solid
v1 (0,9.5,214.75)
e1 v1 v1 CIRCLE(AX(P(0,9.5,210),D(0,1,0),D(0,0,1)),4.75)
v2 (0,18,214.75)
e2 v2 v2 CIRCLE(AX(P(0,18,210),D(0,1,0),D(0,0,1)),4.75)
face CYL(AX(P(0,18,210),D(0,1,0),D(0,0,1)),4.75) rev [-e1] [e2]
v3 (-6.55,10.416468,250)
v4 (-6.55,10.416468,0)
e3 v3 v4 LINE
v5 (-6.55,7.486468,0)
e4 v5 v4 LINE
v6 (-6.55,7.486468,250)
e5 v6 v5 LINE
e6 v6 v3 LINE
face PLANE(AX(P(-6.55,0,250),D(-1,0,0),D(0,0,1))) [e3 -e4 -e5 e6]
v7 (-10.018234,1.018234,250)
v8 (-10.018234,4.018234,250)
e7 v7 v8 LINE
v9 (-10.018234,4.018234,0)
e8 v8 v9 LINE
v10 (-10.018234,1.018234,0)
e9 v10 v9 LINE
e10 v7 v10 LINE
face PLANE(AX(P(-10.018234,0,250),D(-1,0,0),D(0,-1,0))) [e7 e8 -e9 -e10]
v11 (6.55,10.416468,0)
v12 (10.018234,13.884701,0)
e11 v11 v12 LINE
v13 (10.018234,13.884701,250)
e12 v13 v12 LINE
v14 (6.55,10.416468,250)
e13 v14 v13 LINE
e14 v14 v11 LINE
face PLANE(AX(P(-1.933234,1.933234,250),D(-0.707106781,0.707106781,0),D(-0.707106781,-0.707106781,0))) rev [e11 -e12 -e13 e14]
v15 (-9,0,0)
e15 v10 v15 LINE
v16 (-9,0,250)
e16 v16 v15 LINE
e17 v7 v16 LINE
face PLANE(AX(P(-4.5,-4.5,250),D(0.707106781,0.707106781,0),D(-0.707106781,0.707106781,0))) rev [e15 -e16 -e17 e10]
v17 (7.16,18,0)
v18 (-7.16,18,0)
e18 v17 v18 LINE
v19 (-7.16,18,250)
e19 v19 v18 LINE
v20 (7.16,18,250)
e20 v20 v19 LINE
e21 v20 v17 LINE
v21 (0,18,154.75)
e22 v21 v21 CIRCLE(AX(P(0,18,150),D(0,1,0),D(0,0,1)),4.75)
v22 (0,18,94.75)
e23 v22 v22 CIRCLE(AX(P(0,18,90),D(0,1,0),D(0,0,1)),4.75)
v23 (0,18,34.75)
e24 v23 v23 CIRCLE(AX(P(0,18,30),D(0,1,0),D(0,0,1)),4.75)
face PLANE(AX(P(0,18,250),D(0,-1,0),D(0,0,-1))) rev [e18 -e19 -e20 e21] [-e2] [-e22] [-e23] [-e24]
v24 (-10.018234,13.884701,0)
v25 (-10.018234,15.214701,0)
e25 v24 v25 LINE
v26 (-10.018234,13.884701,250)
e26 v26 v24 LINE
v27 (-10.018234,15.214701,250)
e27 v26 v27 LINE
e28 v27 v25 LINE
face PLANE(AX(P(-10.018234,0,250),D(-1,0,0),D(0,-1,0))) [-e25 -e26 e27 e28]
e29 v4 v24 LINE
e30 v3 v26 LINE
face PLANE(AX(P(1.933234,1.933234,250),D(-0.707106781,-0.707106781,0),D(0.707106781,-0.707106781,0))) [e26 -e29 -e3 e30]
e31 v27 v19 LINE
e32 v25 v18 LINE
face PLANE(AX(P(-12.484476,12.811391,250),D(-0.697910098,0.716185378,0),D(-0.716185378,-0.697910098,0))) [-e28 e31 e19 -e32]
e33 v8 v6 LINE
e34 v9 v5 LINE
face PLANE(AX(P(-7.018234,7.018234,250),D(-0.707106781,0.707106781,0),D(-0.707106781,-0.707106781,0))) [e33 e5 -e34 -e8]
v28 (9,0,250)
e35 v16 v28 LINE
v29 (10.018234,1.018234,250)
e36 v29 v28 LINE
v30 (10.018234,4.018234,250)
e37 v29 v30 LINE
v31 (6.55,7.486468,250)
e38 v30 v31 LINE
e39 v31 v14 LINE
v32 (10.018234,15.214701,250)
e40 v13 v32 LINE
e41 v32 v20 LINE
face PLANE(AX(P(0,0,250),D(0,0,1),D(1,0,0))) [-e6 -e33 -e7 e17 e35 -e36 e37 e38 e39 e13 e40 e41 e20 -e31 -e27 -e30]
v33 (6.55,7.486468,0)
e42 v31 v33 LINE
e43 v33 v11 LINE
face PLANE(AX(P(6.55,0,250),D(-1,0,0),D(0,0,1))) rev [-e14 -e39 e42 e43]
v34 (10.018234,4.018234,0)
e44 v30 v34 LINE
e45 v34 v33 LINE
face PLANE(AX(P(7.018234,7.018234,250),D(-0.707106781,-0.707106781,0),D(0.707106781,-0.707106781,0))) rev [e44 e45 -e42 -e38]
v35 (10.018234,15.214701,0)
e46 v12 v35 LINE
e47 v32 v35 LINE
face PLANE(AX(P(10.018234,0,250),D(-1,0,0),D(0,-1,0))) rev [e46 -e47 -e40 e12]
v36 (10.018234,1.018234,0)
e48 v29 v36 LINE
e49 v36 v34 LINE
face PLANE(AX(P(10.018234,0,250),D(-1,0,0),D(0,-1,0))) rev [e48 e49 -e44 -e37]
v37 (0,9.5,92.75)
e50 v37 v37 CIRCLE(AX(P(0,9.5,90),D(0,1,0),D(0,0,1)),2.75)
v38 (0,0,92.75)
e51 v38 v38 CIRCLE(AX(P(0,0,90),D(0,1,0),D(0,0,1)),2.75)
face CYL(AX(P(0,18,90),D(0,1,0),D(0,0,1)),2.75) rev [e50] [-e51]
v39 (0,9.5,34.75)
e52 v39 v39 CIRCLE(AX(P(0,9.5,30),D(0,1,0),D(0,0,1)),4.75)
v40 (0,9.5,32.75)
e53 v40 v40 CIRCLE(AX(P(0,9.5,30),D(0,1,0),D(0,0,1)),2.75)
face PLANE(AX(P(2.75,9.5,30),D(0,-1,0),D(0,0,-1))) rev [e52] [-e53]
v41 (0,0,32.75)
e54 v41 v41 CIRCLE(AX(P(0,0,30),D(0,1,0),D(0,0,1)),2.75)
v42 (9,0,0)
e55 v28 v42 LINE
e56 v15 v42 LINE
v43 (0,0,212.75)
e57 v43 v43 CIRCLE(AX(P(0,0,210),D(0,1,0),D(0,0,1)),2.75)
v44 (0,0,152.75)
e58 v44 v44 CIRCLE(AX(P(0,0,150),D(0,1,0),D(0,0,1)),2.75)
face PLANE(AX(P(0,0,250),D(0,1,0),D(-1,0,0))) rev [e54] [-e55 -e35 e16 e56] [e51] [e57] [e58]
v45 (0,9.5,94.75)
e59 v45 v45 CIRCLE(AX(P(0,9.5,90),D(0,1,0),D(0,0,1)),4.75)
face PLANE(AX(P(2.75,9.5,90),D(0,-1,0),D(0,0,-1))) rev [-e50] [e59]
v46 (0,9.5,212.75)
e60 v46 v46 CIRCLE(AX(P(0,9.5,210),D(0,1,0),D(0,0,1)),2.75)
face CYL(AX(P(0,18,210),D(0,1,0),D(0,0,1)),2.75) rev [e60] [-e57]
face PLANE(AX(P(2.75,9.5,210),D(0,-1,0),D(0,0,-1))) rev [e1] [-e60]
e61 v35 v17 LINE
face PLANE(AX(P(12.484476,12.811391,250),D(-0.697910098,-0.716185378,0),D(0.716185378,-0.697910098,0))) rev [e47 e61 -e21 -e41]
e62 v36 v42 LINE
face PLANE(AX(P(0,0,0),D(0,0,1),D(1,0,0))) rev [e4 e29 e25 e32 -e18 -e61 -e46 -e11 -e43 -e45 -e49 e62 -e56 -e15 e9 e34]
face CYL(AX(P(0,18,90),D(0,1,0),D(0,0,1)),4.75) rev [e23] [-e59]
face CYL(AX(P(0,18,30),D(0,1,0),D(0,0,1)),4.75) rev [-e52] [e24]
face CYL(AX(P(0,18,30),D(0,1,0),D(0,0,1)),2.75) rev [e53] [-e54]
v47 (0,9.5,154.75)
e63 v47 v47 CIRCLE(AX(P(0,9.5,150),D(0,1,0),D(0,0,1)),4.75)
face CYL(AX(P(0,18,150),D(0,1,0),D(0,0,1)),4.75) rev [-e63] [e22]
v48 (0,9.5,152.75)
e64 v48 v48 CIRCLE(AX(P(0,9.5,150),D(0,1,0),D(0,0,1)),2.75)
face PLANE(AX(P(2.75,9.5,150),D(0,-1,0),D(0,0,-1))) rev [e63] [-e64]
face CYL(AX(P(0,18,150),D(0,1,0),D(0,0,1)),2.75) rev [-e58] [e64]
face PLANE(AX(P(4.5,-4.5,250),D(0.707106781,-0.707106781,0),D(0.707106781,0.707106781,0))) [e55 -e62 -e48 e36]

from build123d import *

# Parameters (mm, degrees)
BOSS_EXTRUDE1_DEPTH = 250
LPATTERN2_COUNT     = 4
LPATTERN2_PITCH     = 60


with BuildPart() as part:
    # Sketch1 → Boss-Extrude1 (new body)
    with BuildSketch(Plane.XY):
        Polygon((0, 18), (0, 0), (9, 0), (10.018233765, 1.018233765), (10.018233765, 4.018233765), (6.55, 7.48646753), (6.55, 10.41646753), (10.018233765, 13.884701295), (10.018233765, 15.214701295), (7.16, 18), align=None)
        Polygon((-9, 0), (0, 0), (0, 18), (-7.16, 18), (-10.018233765, 15.214701295), (-10.018233765, 13.884701295), (-6.55, 10.41646753), (-6.55, 7.48646753), (-10.018233765, 4.018233765), (-10.018233765, 1.018233765), align=None)
    extrude(amount=BOSS_EXTRUDE1_DEPTH)

    # Sketch4 → Hole1 (revolve, cut)
    with BuildSketch(Plane(origin=(0, 18, 30), x_dir=(0, 0, 1), z_dir=(1, 0, 0))):
        Polygon((0, 0), (0, 19.652366702), (2.75, 18), (2.75, 8.5), (4.75, 8.5), (4.75, 0), align=None)
    hole1 = revolve(axis=Axis((0, 29.310875039, 30), (0, -1, 0)), mode=Mode.SUBTRACT)

    # LPattern2: Hole1 ×4
    with Locations(*[(0, 0, i * LPATTERN2_PITCH) for i in range(1, LPATTERN2_COUNT)]):
        add(hole1, mode=Mode.SUBTRACT)


solid = part.part
